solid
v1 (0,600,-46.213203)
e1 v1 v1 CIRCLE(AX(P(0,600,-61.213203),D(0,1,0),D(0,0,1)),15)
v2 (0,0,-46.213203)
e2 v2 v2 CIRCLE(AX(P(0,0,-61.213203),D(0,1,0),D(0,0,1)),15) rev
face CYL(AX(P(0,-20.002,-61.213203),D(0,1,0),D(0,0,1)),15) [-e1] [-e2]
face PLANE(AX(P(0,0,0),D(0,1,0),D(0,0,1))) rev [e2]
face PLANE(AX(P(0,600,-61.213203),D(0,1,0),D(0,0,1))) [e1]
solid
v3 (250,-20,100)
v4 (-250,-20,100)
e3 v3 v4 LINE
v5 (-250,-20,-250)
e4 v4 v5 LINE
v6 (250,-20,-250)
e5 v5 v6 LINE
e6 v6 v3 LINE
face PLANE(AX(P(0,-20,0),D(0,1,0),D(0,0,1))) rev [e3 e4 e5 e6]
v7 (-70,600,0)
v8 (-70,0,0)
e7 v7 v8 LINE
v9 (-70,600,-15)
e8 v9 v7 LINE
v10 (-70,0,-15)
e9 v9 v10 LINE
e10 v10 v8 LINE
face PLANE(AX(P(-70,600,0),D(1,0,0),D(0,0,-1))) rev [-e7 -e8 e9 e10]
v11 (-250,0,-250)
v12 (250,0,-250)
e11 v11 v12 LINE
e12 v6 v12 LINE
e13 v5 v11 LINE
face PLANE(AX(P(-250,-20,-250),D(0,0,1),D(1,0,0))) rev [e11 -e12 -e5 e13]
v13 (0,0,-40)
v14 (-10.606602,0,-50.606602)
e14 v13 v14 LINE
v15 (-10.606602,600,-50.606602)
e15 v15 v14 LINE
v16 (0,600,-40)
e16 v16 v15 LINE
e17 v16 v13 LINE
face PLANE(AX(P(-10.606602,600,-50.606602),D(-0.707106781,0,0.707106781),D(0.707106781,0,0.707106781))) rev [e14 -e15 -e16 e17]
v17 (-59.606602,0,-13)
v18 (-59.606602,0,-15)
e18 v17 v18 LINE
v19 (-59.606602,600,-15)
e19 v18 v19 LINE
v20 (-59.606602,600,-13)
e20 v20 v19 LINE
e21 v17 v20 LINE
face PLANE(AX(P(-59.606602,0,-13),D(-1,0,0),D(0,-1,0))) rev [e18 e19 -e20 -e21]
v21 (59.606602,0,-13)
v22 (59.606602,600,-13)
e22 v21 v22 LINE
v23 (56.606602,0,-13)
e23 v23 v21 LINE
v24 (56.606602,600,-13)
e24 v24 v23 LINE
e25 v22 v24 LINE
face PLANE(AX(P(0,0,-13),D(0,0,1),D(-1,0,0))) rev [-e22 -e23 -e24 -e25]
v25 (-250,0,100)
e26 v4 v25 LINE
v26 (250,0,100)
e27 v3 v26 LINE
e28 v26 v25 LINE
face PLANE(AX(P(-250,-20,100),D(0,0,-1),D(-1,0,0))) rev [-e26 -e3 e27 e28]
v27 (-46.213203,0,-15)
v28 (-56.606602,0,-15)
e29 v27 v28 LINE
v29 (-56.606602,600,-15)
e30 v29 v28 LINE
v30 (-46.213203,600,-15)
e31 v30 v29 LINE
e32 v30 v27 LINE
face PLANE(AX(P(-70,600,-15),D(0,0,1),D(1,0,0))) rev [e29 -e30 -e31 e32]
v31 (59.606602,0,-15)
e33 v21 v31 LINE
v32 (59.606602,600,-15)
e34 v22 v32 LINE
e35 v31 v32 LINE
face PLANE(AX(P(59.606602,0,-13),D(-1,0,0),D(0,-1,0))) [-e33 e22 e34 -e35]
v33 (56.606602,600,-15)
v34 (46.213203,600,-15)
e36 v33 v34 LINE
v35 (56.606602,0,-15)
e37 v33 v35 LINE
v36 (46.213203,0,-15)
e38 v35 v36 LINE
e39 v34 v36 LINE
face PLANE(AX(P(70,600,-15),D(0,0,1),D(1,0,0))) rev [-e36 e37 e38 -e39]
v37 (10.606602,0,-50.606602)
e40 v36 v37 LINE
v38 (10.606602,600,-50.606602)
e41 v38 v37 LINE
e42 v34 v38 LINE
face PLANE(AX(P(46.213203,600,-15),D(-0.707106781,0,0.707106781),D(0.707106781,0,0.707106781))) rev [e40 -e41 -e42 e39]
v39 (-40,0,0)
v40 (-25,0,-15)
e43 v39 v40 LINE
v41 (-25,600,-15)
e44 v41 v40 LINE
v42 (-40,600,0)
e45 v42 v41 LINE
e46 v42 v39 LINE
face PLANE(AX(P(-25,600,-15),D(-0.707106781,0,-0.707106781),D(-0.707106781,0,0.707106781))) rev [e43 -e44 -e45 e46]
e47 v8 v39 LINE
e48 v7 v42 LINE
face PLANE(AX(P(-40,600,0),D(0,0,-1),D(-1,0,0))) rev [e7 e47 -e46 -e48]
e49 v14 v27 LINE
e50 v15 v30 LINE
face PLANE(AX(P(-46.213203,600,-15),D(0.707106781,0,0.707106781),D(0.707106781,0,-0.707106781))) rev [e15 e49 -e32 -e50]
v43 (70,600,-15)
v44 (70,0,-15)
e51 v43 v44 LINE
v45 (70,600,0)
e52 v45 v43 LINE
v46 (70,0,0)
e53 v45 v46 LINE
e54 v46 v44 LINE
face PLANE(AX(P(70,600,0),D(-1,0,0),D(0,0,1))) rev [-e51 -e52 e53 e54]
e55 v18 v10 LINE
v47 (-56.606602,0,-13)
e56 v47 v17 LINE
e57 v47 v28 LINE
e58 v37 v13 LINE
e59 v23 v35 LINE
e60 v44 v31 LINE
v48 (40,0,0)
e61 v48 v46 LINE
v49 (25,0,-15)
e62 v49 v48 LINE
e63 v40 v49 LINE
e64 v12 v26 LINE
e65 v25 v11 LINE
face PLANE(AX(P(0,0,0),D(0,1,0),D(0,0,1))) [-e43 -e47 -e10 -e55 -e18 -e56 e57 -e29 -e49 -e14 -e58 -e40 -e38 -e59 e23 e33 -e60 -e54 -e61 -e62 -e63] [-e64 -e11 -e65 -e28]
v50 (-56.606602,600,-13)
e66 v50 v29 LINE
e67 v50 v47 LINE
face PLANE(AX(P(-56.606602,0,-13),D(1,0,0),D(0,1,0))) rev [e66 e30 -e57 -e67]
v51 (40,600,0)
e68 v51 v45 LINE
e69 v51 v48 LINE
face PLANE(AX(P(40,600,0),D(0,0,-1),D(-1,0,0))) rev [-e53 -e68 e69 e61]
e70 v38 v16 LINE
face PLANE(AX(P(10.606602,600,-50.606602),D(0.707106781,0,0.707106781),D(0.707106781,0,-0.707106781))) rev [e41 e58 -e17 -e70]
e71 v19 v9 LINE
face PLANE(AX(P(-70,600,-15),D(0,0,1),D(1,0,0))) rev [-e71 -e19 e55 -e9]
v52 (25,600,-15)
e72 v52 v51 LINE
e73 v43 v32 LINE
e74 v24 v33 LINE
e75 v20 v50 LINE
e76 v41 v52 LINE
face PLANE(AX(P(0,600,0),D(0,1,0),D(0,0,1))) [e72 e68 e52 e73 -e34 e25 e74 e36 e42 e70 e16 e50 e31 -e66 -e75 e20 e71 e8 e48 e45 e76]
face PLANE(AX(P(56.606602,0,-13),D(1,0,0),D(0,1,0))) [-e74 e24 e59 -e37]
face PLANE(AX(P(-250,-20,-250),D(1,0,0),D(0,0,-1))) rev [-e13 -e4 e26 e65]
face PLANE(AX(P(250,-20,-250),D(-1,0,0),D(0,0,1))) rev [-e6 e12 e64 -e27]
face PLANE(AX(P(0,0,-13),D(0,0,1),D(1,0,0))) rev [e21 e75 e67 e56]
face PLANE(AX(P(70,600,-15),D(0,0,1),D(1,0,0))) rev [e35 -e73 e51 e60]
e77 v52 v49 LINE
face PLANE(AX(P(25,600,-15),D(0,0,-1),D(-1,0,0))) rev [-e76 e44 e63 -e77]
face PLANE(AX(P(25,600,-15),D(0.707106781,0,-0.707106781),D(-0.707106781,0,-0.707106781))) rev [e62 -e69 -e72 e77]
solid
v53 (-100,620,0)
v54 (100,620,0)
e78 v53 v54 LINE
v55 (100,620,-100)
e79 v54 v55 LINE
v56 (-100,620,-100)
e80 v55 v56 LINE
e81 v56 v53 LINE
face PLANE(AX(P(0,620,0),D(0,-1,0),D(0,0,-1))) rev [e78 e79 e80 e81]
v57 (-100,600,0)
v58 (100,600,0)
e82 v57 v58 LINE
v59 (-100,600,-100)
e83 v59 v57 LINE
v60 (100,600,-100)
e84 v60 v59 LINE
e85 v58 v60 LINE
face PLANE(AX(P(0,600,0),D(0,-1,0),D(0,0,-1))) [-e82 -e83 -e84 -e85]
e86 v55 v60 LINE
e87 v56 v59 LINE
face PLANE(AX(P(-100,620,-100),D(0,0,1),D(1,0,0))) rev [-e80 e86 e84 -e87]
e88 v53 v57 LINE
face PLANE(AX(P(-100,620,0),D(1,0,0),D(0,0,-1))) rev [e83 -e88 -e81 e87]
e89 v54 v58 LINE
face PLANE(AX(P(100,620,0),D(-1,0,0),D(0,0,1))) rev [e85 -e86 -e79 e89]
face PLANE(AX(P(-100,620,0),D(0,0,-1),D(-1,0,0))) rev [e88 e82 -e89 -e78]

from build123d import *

# Parameters (mm, degrees)
SALIENTE_EXTRUIR1_DEPTH = 600
CROQUIS2_W              = 500
CROQUIS2_H              = 350
SALIENTE_EXTRUIR2_DEPTH = 20
CROQUIS3_W              = 3
CROQUIS3_H              = 600
CORTAR_EXTRUIR1_DEPTH   = 2
SALIENTE_EXTRUIR3_REACH = 715.723
CROQUIS4_R              = 15
CROQUIS6_W              = 200
CROQUIS6_H              = 100
SALIENTE_EXTRUIR5_DEPTH = 20


with BuildPart() as part:
    # Croquis1 → Saliente-Extruir1 (new body)
    with BuildSketch(Plane(origin=(0, 0, 0), x_dir=(1, 0, 0), z_dir=(0, 1, 0))):
        Polygon((25, 15), (-25, 15), (-40, 0), (-70, 0), (-70, 15), (-46.213203436, 15), (-10.606601718, 50.606601718), (0, 40), (10.606601718, 50.606601718), (46.213203436, 15), (70, 15), (70, 0), (40, 0), align=None)
    extrude(amount=SALIENTE_EXTRUIR1_DEPTH)

    # Croquis2 → Saliente-Extruir2 (add)
    with BuildSketch(Plane.XZ):
        with Locations((0, -75)):
            Rectangle(CROQUIS2_W, CROQUIS2_H)
    extrude(amount=SALIENTE_EXTRUIR2_DEPTH)

    # Croquis3 → Cortar-Extruir1 (cut)
    with BuildSketch(Plane(origin=(0, 0, -15), x_dir=(-1, 0, 0), z_dir=(0, 0, -1))):
        with Locations((58.106601718, 300)):
            Rectangle(CROQUIS3_W, CROQUIS3_H)
    cortar_extruir1 = extrude(amount=-CORTAR_EXTRUIR1_DEPTH, mode=Mode.SUBTRACT)

    # Simetría1: Cortar-Extruir1 across plane
    add(cortar_extruir1.mirror(Plane(origin=(0, 0, 0), x_dir=(0, 0, 1), z_dir=(1, 0, 0))), mode=Mode.SUBTRACT)


with BuildPart() as body_2:

    # Croquis4 → Saliente-Extruir3 (new, up to next)
    with BuildSketch(Plane(origin=(0, 600, 0), x_dir=(1, 0, 0), z_dir=(0, 1, 0)), mode=Mode.PRIVATE) as saliente_extruir3_sk1:
        with Locations(Location((0, 61.213203436, 0), (0, 0, 270))):
            Circle(CROQUIS4_R)
    saliente_extruir3_tool1 = extrude(saliente_extruir3_sk1.sketch, amount=-SALIENTE_EXTRUIR3_REACH, mode=Mode.PRIVATE) - part.part
    add(saliente_extruir3_tool1.solids().sort_by_distance((0, 600, -61.213203))[0])


with BuildPart() as body_3:
    # Croquis6 → Saliente-Extruir5 (new body)
    with BuildSketch(Plane(origin=(0, 600, 0), x_dir=(1, 0, 0), z_dir=(0, 1, 0))):
        with Locations((0, 50)):
            Rectangle(CROQUIS6_W, CROQUIS6_H)
    extrude(amount=SALIENTE_EXTRUIR5_DEPTH)


solid = Compound([part.part, body_2.part, body_3.part])
